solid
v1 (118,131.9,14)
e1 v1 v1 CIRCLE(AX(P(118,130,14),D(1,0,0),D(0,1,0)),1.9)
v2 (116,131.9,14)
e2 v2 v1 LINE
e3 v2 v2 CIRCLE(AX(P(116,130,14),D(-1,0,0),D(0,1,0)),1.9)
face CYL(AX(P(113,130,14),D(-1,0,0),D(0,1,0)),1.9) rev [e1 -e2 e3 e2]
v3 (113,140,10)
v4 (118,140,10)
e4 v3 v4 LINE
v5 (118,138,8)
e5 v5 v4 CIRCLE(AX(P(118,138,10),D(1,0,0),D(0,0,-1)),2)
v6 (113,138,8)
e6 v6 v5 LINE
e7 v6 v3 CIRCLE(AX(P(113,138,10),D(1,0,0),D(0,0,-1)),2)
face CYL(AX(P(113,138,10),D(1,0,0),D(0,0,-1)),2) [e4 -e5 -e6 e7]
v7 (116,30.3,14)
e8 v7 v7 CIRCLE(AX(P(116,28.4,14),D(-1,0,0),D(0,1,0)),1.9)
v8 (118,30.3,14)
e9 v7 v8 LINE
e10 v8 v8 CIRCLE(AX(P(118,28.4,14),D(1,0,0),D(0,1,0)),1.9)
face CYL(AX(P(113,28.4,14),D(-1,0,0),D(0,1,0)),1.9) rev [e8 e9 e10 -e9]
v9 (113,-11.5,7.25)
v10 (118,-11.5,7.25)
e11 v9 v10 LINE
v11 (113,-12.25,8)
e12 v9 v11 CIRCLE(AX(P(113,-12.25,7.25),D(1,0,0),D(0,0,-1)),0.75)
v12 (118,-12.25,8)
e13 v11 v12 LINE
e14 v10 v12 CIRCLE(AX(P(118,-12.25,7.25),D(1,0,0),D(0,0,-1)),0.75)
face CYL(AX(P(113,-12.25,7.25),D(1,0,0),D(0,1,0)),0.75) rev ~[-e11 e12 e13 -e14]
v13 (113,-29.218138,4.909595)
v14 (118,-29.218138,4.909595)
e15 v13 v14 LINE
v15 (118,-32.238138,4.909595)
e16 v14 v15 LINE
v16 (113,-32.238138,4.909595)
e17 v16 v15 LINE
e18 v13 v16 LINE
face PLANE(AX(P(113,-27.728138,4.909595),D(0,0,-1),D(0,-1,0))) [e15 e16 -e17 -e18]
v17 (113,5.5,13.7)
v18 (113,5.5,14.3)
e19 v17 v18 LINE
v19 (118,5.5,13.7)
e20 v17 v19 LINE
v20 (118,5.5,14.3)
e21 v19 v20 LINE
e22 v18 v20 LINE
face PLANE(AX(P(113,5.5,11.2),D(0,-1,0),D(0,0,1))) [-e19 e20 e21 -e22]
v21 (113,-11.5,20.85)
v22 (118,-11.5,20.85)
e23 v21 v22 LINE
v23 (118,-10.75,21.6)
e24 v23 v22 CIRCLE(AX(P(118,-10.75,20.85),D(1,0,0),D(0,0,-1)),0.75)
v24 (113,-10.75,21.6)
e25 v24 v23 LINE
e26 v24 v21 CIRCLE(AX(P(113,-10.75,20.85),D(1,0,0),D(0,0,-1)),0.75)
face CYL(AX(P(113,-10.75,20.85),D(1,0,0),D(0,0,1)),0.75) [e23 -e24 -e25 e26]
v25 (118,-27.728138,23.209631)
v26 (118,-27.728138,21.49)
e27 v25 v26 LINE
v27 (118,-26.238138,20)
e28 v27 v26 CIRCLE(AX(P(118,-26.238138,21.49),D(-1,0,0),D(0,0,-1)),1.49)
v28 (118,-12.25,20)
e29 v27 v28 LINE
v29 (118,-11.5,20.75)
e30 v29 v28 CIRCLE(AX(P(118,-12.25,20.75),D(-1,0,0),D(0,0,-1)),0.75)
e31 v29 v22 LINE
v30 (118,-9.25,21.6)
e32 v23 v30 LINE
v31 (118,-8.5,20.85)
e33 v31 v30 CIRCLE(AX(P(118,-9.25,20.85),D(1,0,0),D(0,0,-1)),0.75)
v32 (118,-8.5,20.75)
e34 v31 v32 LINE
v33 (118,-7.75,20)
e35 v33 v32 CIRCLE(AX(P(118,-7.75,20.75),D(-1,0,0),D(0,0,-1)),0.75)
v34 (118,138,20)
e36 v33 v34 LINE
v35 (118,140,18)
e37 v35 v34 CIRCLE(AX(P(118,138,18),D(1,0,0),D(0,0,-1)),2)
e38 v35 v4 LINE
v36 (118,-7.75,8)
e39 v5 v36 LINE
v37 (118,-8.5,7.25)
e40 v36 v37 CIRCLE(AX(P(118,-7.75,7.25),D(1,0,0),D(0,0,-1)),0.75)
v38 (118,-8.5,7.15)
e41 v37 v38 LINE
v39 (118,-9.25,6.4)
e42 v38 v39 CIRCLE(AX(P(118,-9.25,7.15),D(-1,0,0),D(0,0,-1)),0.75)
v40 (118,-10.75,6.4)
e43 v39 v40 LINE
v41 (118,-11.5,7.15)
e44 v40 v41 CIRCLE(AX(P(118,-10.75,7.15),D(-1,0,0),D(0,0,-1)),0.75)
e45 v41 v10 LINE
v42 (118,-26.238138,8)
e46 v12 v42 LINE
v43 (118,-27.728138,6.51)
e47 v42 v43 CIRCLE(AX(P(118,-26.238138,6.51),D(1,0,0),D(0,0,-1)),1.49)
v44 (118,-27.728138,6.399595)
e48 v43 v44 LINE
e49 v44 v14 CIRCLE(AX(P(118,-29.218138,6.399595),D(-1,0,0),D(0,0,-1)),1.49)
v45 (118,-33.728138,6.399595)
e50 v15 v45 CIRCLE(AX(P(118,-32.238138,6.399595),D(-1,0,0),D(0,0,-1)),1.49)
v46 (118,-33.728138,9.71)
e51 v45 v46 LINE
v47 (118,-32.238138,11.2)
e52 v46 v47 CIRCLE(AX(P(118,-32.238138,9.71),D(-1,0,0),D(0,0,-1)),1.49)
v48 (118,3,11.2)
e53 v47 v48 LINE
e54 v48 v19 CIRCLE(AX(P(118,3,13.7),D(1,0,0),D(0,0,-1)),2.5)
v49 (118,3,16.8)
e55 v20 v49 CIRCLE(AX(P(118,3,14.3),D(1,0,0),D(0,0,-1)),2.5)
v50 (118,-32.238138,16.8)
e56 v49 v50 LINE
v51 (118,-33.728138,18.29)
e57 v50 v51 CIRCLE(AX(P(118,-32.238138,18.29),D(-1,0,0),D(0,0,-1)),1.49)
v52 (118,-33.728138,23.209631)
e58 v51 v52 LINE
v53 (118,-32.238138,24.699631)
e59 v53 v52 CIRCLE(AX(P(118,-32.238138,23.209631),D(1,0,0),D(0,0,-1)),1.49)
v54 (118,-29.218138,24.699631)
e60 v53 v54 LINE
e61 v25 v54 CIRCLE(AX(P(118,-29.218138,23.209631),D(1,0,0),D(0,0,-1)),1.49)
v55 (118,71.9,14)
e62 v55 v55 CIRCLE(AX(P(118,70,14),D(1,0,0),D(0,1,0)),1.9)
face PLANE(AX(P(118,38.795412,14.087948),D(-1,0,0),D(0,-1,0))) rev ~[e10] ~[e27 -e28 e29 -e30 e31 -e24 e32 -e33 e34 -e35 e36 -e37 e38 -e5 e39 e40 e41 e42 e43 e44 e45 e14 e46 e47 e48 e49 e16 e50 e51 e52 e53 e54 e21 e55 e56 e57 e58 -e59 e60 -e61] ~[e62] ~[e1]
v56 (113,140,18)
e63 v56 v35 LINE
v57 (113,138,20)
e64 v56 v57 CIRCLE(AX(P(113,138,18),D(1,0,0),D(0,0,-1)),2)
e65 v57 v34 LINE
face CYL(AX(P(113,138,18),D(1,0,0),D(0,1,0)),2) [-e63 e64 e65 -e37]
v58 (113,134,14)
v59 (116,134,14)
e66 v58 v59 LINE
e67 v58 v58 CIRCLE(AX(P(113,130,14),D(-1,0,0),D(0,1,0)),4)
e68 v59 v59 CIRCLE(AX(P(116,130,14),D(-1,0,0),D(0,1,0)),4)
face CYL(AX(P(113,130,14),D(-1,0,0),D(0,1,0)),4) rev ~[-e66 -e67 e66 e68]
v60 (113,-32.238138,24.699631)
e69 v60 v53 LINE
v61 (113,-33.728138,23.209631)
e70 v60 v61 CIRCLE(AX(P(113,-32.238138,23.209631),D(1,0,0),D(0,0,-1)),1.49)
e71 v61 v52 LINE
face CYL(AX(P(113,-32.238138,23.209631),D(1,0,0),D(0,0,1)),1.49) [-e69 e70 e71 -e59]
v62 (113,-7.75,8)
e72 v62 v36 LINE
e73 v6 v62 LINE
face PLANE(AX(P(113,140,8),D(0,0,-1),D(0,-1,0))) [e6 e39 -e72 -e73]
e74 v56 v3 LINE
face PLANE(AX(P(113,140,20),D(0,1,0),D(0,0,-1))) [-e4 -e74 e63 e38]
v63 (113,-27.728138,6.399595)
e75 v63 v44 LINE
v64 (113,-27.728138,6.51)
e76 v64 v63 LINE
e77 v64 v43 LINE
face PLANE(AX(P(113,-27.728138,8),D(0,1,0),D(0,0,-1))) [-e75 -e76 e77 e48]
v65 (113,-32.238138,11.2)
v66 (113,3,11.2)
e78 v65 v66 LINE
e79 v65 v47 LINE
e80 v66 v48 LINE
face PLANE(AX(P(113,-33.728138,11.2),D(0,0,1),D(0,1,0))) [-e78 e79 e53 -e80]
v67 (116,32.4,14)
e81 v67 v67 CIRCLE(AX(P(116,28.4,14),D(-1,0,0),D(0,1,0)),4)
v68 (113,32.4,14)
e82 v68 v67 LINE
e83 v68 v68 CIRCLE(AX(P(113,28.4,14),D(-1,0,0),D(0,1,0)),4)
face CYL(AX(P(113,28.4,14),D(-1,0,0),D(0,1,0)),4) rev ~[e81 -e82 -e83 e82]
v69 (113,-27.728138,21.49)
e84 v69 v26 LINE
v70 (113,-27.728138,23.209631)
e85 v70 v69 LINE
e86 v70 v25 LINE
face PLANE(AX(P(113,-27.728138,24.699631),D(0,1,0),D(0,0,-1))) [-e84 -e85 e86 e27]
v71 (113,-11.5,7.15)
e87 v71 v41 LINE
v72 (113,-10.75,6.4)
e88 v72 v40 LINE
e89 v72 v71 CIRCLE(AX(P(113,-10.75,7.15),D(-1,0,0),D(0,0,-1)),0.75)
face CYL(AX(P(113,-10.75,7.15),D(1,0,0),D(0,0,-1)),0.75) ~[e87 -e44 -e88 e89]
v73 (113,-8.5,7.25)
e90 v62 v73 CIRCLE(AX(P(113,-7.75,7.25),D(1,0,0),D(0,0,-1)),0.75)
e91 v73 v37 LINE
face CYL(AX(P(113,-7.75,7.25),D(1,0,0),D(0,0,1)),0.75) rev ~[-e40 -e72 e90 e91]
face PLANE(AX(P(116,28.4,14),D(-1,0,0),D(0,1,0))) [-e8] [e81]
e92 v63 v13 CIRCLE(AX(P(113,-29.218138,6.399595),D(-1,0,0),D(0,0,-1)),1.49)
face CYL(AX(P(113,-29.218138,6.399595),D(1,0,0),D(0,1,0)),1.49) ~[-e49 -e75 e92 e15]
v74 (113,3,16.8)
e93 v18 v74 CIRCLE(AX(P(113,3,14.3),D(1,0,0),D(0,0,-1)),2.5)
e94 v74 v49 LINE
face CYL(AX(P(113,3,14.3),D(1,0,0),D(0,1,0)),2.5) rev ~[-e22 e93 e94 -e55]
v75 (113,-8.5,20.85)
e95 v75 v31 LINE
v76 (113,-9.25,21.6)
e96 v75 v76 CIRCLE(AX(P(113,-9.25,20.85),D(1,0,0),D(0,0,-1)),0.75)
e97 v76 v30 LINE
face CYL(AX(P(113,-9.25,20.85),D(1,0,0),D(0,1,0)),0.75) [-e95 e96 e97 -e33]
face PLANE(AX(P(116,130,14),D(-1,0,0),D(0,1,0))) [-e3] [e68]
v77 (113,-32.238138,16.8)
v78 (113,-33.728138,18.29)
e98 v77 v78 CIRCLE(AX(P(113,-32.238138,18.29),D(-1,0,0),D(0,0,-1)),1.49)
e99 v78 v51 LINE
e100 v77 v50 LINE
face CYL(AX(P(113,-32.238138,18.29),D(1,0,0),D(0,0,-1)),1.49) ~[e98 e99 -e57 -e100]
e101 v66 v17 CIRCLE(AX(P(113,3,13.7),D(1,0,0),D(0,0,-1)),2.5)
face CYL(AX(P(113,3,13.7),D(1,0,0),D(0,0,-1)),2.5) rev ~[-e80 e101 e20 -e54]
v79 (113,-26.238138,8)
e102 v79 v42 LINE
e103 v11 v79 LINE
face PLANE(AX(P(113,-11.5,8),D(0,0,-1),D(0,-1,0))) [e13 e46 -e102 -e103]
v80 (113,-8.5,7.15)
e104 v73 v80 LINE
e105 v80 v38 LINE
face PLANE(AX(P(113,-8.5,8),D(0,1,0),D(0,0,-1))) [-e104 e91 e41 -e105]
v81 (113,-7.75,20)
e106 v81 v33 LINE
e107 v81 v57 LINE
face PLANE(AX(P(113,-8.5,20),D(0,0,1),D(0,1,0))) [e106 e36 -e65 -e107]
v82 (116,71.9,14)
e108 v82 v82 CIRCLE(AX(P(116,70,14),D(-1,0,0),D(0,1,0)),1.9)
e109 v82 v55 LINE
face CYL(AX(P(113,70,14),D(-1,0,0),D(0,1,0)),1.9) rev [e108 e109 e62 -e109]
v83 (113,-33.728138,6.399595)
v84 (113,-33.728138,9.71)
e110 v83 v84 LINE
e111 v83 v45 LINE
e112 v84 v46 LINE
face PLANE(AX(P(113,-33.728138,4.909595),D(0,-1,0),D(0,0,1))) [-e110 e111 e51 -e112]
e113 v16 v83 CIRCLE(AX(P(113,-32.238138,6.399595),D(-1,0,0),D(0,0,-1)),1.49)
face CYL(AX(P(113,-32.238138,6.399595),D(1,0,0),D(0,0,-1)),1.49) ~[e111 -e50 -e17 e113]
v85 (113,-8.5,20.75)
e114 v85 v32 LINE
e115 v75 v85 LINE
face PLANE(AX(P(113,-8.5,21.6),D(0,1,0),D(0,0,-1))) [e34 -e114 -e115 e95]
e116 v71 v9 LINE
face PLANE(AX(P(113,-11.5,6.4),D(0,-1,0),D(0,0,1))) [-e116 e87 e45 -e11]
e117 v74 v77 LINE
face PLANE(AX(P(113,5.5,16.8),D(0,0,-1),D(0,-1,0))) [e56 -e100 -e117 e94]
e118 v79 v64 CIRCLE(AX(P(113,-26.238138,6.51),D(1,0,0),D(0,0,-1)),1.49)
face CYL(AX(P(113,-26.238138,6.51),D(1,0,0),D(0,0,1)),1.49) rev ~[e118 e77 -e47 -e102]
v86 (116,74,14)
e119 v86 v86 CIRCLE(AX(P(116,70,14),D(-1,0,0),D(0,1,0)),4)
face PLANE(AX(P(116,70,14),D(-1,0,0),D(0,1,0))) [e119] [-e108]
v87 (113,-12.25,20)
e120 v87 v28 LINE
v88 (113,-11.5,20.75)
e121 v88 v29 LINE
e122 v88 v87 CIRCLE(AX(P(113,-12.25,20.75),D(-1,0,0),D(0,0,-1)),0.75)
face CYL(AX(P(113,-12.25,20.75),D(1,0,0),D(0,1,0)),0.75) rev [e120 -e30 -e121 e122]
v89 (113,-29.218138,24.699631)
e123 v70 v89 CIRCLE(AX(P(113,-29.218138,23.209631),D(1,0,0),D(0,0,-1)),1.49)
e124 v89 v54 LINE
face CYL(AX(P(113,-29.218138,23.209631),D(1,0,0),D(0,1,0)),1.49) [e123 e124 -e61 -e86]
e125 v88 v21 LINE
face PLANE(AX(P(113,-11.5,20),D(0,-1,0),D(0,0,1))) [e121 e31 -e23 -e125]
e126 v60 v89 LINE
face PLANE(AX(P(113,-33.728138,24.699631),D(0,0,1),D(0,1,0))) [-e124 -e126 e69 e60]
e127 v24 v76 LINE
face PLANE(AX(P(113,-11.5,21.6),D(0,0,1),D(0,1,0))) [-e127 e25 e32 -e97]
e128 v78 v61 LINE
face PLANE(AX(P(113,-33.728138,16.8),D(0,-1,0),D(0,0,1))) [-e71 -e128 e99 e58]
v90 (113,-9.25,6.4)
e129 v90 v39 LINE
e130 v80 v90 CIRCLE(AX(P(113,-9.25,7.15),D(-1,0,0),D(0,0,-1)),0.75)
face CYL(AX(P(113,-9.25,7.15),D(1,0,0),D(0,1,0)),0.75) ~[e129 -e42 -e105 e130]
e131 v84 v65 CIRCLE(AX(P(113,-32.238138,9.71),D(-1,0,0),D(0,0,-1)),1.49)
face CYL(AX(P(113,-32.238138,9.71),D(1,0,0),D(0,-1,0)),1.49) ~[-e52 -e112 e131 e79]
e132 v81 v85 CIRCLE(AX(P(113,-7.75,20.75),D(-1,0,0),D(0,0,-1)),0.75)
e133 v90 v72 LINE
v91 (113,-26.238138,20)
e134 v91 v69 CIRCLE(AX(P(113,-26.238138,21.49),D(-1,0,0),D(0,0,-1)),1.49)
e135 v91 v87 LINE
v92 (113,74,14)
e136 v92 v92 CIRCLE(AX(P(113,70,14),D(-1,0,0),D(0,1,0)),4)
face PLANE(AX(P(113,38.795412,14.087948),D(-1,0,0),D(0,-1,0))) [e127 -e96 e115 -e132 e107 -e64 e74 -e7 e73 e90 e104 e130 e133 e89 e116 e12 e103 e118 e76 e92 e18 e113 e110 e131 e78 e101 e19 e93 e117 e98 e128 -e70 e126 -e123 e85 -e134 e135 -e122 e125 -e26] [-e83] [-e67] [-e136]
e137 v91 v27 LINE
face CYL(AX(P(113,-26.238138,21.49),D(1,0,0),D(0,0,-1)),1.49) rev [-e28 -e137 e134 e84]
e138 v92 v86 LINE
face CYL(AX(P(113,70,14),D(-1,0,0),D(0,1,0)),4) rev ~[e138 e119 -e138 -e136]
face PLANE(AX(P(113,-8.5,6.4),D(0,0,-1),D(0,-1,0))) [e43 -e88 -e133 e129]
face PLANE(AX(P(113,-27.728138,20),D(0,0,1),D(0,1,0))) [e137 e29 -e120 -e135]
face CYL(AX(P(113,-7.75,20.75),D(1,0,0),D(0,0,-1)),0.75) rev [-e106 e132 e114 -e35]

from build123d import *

# Parameters (mm, degrees)
SKETCH_R             = 1.9
PAD_DEPTH            = 5
SKETCH001_R          = 4
POCKET_DEPTH         = 3
FILLET_R             = 2
FILLET001_R          = 0.75
FILLET002_R          = 1.49
FILLET003_R          = 2.5
BODY_PLACEMENT_ANGLE = 270


with BuildPart() as part:
    # Sketch → Pad (new body)
    with BuildSketch(Plane.XZ):
        Polygon((4, 0), (-144.5, 0), (-144.5, -1.6), (-147.5, -1.6), (-147.5, 0), (-163.728138112, 0), (-163.728138112, -3.090405), (-169.728138112, -3.090405), (-169.728138112, 3.2), (-130.5, 3.2), (-130.5, 8.8), (-169.728138112, 8.8), (-169.728138112, 16.699631), (-163.728138112, 16.699631), (-163.728138112, 12), (-147.5, 12), (-147.5, 13.6), (-144.5, 13.6), (-144.5, 12), (4, 12), align=None)
        with Locations((-66, 6)):
            Circle(SKETCH_R, mode=Mode.SUBTRACT)
        with Locations((-6, 6)):
            Circle(SKETCH_R, mode=Mode.SUBTRACT)
        with Locations((-107.6, 6)):
            Circle(SKETCH_R, mode=Mode.SUBTRACT)
    extrude(amount=PAD_DEPTH)

    # Sketch001 (on Face24 of Pad) → Pocket (cut)
    with BuildSketch(Plane(origin=(0, 0, 0), x_dir=(1, 0, 0), z_dir=(0, 1, 0))):
        with Locations((-107.6, -6)):
            Circle(SKETCH001_R)
        with Locations((-66, -6)):
            Circle(SKETCH001_R)
        with Locations((-6, -6)):
            Circle(SKETCH001_R)
    extrude(amount=-POCKET_DEPTH, mode=Mode.SUBTRACT)

    # Fillet
    fillet_edges = [part.edges().sort_by_distance(p)[0] for p in [
        (4, -2.5, 12),
        (4, -2.5, 0),
    ]]
    fillet(fillet_edges, radius=FILLET_R)

    # Fillet001
    fillet001_edges = [part.edges().sort_by_distance(p)[0] for p in [
        (-147.5, -2.5, 12),
        (-147.5, -2.5, 13.6),
        (-144.5, -2.5, 13.6),
        (-144.5, -2.5, 12),
        (-144.5, -2.5, -1.6),
        (-147.5, -2.5, 0),
        (-147.5, -2.5, -1.6),
        (-144.5, -2.5, 0),
    ]]
    fillet(fillet001_edges, radius=FILLET001_R)

    # Fillet002
    fillet002_edges = [part.edges().sort_by_distance(p)[0] for p in [
        (-163.728138, -2.5, 0),
        (-163.728138, -2.5, -3.090405),
        (-169.728138, -2.5, -3.090405),
        (-169.728138, -2.5, 3.2),
        (-169.728138, -2.5, 16.699631),
        (-163.728138, -2.5, 16.699631),
        (-163.728138, -2.5, 12),
        (-169.728138, -2.5, 8.8),
    ]]
    fillet(fillet002_edges, radius=FILLET002_R)

    # Fillet003
    fillet003_edges = [part.edges().sort_by_distance(p)[0] for p in [
        (-130.5, -2.5, 8.8),
        (-130.5, -2.5, 3.2),
    ]]
    fillet(fillet003_edges, radius=FILLET003_R)


with BuildPart() as part_1:
    # Body placement: moved
    add(part.part.moved(Location((113, 136, 8))).rotate(Axis((113, 136, 8), (0, 0, -1)), BODY_PLACEMENT_ANGLE))


solid = part_1.part
